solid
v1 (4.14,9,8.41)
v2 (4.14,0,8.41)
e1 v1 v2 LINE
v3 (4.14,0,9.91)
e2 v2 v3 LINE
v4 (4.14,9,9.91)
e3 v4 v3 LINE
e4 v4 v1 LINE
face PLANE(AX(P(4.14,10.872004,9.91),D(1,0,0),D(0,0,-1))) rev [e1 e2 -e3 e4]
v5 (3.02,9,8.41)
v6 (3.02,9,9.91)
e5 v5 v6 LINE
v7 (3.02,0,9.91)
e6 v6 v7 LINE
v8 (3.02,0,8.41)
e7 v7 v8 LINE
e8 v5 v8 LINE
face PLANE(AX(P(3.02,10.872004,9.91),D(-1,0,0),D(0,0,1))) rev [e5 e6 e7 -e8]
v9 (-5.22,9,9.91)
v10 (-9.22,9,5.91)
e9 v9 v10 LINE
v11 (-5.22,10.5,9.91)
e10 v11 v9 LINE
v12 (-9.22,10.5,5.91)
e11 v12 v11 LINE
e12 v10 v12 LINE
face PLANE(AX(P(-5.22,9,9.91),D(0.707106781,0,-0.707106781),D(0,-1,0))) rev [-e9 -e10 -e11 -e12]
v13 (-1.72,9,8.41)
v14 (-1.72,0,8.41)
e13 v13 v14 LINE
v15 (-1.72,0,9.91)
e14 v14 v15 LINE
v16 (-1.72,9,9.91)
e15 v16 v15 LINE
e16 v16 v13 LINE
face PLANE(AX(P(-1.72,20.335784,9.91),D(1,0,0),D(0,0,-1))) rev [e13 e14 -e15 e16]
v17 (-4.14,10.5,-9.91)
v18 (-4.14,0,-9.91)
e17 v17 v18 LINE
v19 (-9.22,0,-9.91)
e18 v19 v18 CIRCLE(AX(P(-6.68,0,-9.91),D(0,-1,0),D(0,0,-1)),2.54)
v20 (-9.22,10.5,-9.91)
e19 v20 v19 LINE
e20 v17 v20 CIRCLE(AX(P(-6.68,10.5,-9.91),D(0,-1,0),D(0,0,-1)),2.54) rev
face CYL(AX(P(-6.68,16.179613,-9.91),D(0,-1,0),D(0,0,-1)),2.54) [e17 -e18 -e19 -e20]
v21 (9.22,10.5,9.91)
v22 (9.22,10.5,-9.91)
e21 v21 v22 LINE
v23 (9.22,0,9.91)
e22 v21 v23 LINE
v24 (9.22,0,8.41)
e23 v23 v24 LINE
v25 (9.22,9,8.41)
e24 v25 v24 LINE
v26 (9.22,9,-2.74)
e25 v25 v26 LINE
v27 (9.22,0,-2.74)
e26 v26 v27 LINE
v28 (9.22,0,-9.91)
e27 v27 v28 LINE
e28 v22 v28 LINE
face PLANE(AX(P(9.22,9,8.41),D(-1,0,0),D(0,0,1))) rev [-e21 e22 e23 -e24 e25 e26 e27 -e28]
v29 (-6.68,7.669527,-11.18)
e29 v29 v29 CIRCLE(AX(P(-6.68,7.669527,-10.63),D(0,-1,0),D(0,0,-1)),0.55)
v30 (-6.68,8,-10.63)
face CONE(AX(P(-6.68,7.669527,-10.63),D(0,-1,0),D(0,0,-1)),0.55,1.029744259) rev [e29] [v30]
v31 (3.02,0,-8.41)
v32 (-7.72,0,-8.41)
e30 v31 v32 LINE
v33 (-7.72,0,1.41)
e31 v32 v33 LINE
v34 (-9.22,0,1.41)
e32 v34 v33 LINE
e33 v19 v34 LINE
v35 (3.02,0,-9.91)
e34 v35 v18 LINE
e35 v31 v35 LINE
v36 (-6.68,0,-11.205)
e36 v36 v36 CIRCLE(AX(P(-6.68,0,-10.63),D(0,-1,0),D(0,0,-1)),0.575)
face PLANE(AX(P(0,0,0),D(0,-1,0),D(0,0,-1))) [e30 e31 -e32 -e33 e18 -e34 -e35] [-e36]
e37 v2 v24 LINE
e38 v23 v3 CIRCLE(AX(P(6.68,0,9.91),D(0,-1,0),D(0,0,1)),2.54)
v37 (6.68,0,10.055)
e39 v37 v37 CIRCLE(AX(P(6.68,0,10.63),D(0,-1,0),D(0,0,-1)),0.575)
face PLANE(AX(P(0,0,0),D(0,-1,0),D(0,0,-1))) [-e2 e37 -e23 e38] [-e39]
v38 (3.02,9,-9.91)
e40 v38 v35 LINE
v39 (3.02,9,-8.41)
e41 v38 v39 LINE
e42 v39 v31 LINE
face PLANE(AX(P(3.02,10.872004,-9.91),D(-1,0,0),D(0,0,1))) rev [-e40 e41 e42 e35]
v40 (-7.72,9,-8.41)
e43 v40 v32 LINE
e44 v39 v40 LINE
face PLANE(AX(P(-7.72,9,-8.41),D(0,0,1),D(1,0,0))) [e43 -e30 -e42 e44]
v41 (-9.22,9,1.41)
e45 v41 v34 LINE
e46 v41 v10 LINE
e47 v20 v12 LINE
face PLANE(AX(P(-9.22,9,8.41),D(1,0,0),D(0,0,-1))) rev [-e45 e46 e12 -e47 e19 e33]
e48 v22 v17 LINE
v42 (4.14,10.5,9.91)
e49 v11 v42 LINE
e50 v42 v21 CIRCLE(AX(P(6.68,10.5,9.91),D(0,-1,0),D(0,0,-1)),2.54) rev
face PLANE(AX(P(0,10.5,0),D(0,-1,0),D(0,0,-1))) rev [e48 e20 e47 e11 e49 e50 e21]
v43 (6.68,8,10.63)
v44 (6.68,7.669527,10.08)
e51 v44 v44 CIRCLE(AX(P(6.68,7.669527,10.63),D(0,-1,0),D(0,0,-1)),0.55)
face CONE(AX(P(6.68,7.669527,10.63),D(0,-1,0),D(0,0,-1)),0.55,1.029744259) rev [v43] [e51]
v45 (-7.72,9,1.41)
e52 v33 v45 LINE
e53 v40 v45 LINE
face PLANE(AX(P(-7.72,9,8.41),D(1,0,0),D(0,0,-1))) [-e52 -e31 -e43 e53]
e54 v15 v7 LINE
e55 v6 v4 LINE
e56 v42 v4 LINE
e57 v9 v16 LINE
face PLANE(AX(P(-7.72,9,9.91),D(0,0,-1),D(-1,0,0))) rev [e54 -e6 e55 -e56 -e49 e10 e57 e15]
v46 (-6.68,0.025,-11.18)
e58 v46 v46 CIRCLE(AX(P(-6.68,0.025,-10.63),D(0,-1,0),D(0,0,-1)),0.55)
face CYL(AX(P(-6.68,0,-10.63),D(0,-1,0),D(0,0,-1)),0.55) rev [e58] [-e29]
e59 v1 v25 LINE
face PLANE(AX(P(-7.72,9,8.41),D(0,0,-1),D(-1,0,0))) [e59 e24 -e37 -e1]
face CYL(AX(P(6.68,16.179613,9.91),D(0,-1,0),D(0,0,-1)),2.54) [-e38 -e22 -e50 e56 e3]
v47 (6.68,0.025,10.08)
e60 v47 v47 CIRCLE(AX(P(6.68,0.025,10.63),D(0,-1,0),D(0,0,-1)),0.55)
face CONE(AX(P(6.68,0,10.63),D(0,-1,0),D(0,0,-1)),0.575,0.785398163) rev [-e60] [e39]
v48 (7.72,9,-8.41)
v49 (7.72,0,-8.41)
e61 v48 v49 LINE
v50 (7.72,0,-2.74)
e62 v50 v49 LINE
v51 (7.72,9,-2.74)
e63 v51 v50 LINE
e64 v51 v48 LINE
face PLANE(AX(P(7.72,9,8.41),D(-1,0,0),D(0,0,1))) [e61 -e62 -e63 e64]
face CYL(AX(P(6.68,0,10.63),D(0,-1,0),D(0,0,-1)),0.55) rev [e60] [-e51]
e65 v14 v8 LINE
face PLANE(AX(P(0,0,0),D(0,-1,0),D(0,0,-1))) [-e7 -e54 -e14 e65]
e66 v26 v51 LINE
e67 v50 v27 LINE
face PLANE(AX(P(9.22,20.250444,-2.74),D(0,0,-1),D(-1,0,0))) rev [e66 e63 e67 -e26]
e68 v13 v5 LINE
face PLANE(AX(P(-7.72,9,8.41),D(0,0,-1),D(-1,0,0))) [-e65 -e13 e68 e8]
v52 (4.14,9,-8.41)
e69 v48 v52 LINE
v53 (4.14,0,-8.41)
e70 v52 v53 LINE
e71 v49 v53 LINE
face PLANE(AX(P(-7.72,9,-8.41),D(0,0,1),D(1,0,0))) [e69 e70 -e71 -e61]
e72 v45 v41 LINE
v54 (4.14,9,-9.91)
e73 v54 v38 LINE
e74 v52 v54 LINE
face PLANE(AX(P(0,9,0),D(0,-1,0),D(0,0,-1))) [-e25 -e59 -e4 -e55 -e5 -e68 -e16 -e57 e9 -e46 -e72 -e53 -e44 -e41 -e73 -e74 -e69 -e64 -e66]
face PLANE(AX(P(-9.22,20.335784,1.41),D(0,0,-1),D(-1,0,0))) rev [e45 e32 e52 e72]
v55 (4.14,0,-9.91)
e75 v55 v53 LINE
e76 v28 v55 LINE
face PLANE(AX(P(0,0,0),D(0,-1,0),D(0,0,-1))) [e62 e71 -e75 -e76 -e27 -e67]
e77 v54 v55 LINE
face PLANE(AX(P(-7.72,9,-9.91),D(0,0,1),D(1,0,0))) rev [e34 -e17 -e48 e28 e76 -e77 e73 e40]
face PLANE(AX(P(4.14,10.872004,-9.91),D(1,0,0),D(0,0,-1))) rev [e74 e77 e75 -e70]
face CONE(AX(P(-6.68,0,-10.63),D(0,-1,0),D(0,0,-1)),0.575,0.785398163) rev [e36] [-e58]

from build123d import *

# Parameters (mm, degrees)
SKETCH_1_W             = 15.44
SKETCH_1_H             = 16.82
EXTRUDE_1_DEPTH        = 9
SHELL_3_T              = 1.5
SKETCH_2_W             = 1.5
SKETCH_2_H             = 11.15
CUT_EXTRUDE_1_DEPTH    = 9
SKETCH_3_W             = 7.5
SKETCH_3_H             = 8.5
CUT_EXTRUDE_2_DEPTH    = 9
SKETCH_4_W             = 1.12
SKETCH_4_H             = 1.5
CUT_EXTRUDE_3_DEPTH    = 9
CHAMFER_1_SIZE         = 4
EXTRUDE_2_REACH        = 19.131
M1_4X0_3_1_D           = 1.1
M1_4X0_3_1_DEPTH       = 7.66952666
M1_4X0_3_1_CSINK_D     = 1.15
M1_4X0_3_1_CSINK_ANGLE = 90
M1_4X0_3_1_TIP         = 0.33047334


with BuildPart() as part:
    # 草图1 → 凸台-拉伸1 (new body)
    with BuildSketch(Plane(origin=(0, 0, 0), x_dir=(1, 0, 0), z_dir=(0, 1, 0))):
        Rectangle(SKETCH_1_W, SKETCH_1_H)
    extrude(amount=EXTRUDE_1_DEPTH)

    # 抽壳3
    shell_3_openings = [part.faces().sort_by_distance(p)[0] for p in [
        (0, 0, 0),
    ]]
    offset(amount=SHELL_3_T, openings=shell_3_openings, kind=Kind.INTERSECTION)

    # 草图2 → 切除-拉伸1 (cut)
    with BuildSketch(Plane.XZ):
        with Locations((8.47, 2.835)):
            Rectangle(SKETCH_2_W, SKETCH_2_H)
    extrude(amount=-CUT_EXTRUDE_1_DEPTH, mode=Mode.SUBTRACT)

    # 草图3 → 切除-拉伸2 (cut)
    with BuildSketch(Plane.XZ):
        with Locations((-5.47, 5.66)):
            Rectangle(SKETCH_3_W, SKETCH_3_H)
    extrude(amount=-CUT_EXTRUDE_2_DEPTH, mode=Mode.SUBTRACT)

    # 草图4 → 切除-拉伸3 (cut)
    with BuildSketch(Plane.XZ):
        with Locations((3.58, 9.16)):
            Rectangle(SKETCH_4_W, SKETCH_4_H)
        with Locations((3.58, -9.16)):
            Rectangle(SKETCH_4_W, SKETCH_4_H)
    extrude(amount=-CUT_EXTRUDE_3_DEPTH, mode=Mode.SUBTRACT)

    # 倒角1
    chamfer_1_edges = [part.edges().sort_by_distance(p)[0] for p in [
        (-9.22, 9.75, 9.91),
    ]]
    chamfer(chamfer_1_edges, length=CHAMFER_1_SIZE)

    # 凸台-拉伸2: up to this face of the body (flat: up to its plane)
    extrude_2_end = Plane(part.part.faces().sort_by_distance((0.176494327, 10.5, -0.191935716))[0])
    # 草图5 → 凸台-拉伸2 (add, up to the picked face)
    with BuildSketch(Plane.XZ, mode=Mode.PRIVATE) as extrude_2_sk1:
        with BuildLine():
            Line((9.22, 9.91), (4.14, 9.91))
            ThreePointArc((4.14, 9.91), (6.68, 12.45), (9.22, 9.91))
        make_face()
    extrude_2_tool1 = split(extrude(extrude_2_sk1.sketch, amount=-EXTRUDE_2_REACH, mode=Mode.PRIVATE), bisect_by=extrude_2_end, keep=Keep.BOTH, mode=Mode.PRIVATE)
    # 草图5 → 凸台-拉伸2 (add, up to the picked face)
    with BuildSketch(Plane.XZ, mode=Mode.PRIVATE) as extrude_2_sk2:
        with BuildLine():
            Line((-9.22, -9.91), (-4.14, -9.91))
            ThreePointArc((-4.14, -9.91), (-6.68, -12.45), (-9.22, -9.91))
        make_face()
    extrude_2_tool2 = split(extrude(extrude_2_sk2.sketch, amount=-EXTRUDE_2_REACH, mode=Mode.PRIVATE), bisect_by=extrude_2_end, keep=Keep.BOTH, mode=Mode.PRIVATE)
    add(extrude_2_tool1.solids().sort_by(Axis((6.68, 0, 10.988009), (0, 1, 0)))[0])
    add(extrude_2_tool2.solids().sort_by(Axis((-6.68, 0, -10.988009), (0, 1, 0)))[0])

    # M1.4X0.3 螺纹孔的螺纹孔钻头1
    with Locations(Plane(origin=(0, 0, 0), x_dir=(-1, 0, 0), z_dir=(0, -1, 0))):
        with Locations((6.68, 10.63), (-6.68, -10.63)):
            CounterSinkHole(M1_4X0_3_1_D / 2, M1_4X0_3_1_CSINK_D / 2, depth=M1_4X0_3_1_DEPTH, counter_sink_angle=M1_4X0_3_1_CSINK_ANGLE)
            with Locations((0, 0, -(M1_4X0_3_1_DEPTH + M1_4X0_3_1_TIP / 2))):  # 118° drill point
                Cone(0, M1_4X0_3_1_D / 2, M1_4X0_3_1_TIP, mode=Mode.SUBTRACT)


solid = part.part
